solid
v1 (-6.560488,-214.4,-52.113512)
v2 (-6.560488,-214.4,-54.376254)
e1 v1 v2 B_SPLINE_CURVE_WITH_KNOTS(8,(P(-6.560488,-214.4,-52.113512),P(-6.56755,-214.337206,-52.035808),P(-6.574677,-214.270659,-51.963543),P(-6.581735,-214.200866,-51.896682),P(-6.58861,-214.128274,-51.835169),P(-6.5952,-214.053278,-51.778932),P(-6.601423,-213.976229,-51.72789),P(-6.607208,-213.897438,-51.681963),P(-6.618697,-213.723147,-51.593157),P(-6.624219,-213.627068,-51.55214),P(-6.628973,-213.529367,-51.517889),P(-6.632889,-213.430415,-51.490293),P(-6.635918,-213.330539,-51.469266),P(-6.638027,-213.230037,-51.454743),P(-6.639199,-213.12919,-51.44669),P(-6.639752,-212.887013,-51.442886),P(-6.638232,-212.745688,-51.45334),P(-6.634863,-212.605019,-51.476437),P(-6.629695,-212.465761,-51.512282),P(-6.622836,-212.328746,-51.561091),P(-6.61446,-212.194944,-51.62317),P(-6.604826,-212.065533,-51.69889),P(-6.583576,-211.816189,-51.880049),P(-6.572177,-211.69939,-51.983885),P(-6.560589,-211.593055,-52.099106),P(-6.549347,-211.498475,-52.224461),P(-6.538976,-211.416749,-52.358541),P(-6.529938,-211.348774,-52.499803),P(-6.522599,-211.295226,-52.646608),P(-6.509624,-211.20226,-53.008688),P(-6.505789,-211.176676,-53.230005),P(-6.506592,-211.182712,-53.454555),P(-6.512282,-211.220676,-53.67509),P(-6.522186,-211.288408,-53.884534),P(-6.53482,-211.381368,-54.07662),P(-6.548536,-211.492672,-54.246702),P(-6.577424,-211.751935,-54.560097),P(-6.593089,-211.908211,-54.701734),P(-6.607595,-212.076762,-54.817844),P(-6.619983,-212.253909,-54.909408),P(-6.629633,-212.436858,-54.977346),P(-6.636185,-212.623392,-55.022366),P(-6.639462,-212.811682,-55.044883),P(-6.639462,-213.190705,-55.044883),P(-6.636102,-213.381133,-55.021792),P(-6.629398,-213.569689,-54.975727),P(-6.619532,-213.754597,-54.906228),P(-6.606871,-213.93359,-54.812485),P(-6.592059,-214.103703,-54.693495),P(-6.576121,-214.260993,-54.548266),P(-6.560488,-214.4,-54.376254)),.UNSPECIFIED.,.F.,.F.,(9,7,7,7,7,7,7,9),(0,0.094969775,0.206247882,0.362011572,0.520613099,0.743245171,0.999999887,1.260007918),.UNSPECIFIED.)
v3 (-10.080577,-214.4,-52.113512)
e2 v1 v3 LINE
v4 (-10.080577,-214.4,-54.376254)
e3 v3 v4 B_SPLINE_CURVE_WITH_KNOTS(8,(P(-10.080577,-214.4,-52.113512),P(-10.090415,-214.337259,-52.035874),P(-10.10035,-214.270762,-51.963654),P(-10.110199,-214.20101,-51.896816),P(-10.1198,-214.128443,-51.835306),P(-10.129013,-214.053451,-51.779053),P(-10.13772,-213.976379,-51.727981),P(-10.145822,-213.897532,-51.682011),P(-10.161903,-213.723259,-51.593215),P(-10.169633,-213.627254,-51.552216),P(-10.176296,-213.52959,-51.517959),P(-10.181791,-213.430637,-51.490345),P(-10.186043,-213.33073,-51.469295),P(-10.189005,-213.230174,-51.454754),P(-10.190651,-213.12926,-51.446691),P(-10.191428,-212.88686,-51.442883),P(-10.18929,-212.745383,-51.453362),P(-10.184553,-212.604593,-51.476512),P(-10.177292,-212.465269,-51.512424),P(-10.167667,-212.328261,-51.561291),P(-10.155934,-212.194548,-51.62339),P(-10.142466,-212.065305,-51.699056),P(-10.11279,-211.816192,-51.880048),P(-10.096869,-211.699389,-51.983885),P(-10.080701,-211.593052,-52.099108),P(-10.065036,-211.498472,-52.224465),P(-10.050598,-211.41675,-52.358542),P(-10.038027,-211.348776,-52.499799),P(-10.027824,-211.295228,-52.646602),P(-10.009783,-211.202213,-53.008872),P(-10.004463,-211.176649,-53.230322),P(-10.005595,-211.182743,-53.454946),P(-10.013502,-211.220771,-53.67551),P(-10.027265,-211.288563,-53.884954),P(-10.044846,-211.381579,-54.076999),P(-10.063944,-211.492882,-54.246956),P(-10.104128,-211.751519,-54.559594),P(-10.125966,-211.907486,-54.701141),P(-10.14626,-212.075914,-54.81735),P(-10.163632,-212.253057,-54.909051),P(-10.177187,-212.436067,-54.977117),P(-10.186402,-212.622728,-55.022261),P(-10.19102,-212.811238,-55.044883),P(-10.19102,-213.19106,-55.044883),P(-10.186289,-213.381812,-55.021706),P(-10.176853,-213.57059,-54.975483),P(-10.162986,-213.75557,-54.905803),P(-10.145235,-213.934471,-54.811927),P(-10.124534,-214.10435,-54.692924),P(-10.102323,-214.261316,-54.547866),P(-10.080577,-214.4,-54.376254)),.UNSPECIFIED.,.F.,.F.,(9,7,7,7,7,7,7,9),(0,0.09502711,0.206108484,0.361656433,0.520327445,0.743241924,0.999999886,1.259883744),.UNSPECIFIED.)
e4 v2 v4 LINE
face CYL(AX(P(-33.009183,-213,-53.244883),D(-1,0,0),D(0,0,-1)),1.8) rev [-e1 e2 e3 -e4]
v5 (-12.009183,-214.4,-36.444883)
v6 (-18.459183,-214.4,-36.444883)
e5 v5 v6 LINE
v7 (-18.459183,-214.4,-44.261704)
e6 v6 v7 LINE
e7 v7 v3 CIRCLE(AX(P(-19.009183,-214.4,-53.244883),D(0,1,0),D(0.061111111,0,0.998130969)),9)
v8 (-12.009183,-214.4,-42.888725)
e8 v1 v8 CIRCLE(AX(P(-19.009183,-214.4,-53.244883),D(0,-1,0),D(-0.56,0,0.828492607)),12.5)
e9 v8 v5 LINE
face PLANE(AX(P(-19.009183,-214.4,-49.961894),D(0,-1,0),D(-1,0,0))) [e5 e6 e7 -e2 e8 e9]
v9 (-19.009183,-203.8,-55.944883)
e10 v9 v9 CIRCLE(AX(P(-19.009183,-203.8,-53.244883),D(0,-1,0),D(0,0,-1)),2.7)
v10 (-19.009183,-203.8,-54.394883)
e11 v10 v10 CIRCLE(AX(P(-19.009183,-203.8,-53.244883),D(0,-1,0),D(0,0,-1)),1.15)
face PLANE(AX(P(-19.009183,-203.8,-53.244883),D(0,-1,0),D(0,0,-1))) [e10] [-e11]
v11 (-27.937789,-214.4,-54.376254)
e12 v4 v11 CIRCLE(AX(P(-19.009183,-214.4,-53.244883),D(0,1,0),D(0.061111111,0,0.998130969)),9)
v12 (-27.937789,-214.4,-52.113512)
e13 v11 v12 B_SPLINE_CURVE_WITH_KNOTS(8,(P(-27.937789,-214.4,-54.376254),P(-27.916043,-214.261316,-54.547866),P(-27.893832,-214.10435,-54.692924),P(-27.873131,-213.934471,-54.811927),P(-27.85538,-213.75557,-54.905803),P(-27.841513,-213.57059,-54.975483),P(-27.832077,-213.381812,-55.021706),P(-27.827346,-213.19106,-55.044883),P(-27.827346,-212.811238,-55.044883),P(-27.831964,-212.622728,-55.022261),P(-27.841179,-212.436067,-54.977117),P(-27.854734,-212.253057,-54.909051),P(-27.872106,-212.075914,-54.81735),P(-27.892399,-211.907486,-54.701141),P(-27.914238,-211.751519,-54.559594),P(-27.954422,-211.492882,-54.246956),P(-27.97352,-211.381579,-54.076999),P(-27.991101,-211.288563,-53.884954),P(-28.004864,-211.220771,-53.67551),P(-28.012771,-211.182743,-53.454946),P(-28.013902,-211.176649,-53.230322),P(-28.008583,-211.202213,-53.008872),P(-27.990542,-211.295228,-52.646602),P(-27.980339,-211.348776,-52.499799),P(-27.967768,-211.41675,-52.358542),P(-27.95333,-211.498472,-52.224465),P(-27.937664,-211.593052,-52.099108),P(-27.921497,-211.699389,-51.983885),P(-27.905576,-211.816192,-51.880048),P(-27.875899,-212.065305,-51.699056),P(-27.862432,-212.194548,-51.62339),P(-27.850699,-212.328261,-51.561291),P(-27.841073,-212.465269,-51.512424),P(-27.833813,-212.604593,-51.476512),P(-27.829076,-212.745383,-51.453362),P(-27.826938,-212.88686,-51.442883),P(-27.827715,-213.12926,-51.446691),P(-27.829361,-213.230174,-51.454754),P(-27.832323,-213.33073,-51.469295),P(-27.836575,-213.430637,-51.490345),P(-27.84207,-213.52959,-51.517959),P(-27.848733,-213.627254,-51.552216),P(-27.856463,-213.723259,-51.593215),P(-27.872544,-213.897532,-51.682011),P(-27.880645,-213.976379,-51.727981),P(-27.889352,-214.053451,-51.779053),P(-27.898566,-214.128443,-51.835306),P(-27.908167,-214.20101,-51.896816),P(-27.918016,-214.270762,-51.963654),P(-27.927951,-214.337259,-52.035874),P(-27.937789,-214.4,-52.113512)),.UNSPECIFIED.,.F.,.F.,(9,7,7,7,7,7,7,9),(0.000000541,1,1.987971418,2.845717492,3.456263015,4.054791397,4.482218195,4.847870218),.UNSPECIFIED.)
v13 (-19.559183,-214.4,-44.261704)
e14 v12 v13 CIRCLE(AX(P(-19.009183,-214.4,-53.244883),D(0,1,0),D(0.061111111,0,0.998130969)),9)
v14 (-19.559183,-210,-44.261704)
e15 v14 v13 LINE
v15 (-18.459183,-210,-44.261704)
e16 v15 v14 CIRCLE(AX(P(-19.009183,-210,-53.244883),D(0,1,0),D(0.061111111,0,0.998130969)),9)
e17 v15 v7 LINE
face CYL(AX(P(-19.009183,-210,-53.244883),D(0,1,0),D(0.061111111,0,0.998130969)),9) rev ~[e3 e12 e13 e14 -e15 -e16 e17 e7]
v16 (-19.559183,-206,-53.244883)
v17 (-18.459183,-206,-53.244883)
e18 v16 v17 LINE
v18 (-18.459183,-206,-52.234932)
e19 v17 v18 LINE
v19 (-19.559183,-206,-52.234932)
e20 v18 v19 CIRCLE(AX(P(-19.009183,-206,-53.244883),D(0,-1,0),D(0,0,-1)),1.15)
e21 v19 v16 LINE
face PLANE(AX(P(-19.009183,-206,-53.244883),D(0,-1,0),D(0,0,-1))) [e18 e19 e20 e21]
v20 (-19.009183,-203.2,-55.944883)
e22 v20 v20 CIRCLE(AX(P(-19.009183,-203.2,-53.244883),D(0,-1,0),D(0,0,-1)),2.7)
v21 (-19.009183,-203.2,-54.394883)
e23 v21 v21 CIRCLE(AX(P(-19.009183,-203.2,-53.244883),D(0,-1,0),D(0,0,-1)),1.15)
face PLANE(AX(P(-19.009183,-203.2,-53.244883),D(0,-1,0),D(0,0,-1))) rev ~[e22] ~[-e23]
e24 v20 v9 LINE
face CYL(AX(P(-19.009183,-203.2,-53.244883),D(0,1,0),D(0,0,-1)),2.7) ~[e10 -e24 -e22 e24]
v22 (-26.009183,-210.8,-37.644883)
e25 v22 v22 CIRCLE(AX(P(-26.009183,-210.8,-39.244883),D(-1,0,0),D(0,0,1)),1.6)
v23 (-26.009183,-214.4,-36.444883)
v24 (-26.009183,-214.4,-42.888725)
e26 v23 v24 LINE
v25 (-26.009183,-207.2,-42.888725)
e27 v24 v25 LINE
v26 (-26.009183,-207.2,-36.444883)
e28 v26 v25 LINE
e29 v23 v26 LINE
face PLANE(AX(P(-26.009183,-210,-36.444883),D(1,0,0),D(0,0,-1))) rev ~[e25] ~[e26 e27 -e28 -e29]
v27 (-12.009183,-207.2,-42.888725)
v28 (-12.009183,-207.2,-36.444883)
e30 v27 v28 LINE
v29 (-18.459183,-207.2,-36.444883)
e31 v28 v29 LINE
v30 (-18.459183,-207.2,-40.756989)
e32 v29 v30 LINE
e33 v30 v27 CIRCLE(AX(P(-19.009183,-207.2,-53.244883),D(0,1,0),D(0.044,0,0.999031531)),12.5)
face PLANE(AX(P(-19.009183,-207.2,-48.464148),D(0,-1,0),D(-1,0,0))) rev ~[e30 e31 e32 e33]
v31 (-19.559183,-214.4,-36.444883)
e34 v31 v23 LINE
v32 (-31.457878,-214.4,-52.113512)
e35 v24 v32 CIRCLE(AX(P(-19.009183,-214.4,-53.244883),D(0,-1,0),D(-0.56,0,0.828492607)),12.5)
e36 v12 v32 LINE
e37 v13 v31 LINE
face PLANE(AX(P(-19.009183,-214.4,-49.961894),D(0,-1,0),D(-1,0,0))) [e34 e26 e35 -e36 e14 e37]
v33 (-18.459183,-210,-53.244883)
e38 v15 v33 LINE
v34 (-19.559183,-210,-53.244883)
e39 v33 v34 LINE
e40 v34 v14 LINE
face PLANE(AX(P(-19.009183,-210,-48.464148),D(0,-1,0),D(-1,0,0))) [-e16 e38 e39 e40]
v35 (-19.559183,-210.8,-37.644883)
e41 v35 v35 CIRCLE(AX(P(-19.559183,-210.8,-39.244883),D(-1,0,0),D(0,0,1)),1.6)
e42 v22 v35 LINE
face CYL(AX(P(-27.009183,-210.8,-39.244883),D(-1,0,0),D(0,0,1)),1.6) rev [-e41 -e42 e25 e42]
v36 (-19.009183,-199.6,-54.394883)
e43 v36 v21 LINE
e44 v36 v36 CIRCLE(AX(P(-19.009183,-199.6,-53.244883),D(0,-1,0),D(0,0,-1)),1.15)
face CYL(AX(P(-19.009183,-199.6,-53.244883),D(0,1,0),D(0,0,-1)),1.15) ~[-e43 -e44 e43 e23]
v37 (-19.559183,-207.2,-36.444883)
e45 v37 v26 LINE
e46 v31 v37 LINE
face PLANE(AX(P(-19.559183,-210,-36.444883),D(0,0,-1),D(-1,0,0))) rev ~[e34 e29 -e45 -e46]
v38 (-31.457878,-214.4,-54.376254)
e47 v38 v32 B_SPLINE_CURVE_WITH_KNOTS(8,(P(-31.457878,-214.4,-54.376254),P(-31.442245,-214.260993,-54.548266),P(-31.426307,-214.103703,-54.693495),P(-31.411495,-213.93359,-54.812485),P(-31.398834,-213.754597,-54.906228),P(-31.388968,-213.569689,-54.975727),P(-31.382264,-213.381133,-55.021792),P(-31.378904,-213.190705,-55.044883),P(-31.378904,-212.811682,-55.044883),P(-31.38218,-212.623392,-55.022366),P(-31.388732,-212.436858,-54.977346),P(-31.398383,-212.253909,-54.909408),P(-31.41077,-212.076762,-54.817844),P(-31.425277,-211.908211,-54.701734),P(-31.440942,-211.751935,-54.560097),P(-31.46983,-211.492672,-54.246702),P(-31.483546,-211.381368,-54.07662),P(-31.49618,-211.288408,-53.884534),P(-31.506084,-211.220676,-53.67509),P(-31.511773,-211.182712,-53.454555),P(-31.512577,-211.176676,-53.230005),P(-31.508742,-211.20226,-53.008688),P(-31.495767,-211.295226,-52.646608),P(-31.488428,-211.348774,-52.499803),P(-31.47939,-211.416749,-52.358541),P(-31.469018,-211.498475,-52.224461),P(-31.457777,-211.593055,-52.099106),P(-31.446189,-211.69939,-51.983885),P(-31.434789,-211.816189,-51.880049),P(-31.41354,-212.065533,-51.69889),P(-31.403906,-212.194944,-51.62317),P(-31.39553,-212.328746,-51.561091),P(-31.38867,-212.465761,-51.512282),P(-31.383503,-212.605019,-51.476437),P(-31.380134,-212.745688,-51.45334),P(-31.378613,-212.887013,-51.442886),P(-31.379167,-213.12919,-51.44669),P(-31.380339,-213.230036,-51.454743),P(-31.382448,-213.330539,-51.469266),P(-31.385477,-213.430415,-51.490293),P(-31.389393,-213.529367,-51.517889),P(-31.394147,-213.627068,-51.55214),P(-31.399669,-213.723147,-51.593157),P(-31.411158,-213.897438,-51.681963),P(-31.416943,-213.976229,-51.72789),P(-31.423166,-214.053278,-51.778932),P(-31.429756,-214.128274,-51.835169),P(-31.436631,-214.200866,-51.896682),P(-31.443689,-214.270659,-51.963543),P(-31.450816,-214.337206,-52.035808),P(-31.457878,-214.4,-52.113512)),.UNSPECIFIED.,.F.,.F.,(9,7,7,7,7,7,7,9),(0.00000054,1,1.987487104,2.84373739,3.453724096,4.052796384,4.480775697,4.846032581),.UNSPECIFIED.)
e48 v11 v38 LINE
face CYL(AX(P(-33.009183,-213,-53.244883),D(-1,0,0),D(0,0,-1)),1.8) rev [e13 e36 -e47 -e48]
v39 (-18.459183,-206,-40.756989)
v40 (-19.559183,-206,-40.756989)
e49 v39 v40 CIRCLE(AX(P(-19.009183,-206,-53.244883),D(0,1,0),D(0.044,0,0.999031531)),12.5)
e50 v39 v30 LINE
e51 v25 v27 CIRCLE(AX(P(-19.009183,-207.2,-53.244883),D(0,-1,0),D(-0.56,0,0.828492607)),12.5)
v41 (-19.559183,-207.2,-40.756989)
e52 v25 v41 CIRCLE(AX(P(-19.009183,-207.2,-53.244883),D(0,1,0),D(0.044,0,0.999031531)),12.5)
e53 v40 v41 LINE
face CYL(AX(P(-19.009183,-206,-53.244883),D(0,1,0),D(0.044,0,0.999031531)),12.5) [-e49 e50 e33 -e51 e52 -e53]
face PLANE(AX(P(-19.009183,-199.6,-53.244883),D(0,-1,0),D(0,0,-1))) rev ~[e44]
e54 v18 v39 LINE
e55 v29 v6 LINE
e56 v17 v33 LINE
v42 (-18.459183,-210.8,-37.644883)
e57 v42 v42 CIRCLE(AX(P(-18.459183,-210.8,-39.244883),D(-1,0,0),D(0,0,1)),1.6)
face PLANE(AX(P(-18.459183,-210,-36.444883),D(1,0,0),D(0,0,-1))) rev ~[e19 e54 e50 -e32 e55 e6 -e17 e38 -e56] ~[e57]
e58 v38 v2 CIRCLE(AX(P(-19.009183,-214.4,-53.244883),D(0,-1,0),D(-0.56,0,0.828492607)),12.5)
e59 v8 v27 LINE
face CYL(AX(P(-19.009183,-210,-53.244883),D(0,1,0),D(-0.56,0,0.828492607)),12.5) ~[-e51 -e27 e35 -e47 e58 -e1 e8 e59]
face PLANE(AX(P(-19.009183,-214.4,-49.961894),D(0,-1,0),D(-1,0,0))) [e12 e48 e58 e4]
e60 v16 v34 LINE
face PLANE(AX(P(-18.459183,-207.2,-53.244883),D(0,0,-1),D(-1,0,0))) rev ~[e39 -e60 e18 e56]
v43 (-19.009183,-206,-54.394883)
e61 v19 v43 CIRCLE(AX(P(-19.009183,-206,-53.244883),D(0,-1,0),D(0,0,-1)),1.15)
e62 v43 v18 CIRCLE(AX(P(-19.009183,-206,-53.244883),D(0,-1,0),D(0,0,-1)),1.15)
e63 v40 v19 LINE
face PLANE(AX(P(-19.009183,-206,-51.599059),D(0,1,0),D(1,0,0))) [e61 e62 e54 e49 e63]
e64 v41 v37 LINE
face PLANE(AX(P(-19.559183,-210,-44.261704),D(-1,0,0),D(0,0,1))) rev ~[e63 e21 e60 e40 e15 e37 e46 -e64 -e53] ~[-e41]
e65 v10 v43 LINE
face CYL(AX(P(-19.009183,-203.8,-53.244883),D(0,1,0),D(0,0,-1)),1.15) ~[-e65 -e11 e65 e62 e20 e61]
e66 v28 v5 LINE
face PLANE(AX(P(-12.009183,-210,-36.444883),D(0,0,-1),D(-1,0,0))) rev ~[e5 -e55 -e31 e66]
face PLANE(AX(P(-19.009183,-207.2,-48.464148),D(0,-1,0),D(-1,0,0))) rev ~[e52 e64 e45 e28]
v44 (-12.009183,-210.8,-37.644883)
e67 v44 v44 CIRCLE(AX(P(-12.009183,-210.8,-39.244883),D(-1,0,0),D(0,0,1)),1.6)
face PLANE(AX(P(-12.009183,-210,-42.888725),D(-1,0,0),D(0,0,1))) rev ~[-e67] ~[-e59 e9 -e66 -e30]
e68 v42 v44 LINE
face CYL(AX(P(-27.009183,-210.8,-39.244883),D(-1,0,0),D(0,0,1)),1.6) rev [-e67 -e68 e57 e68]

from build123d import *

# Parameters (mm, degrees)
MAIN_PROFILE_SKETCH_R          = 1.15
MAIN_EXTRUSION_DEPTH           = 3.6
DETAIL_PROFILE_2_SKETCH_R      = 2.7
DETAIL_EXTRUSION_2_DEPTH       = 0.6
DETAIL_PROFILE_3_SKETCH_R      = 1.15
DETAIL_EXTRUSION_3_DEPTH       = 2.2
DETAIL_EXTRUSION_4_DEPTH       = 1.2
DETAIL_EXTRUSION_5_DEPTH       = 2.8
DETAIL_EXTRUSION_6_DEPTH       = 4.4
ADAPTER_CROSS_BORE_1_PROFILE_R = 1.8
ADAPTER_CROSS_BORE_1_DEPTH     = 28
ADAPTER_CROSS_BORE_2_PROFILE_R = 1.6
ADAPTER_CROSS_BORE_2_DEPTH     = 16


with BuildPart() as part:
    # Main Profile Sketch → Main Extrusion (new body)
    with BuildSketch(Plane(origin=(0, -199.6, 0), x_dir=(-1, 0, 0), z_dir=(0, -1, 0))):
        with Locations(Location((19.009182883, 53.244882879, 0), (0, 0, 90))):
            Circle(MAIN_PROFILE_SKETCH_R)
    extrude(amount=MAIN_EXTRUSION_DEPTH)

    # Detail Profile 2 Sketch → Detail Extrusion 2 (add)
    with BuildSketch(Plane(origin=(0, -203.2, 0), x_dir=(-1, 0, 0), z_dir=(0, -1, 0))):
        with Locations(Location((19.009182883, 53.244882879, 0), (0, 0, 90))):
            Circle(DETAIL_PROFILE_2_SKETCH_R)
    extrude(amount=DETAIL_EXTRUSION_2_DEPTH)

    # Detail Profile 3 Sketch → Detail Extrusion 3 (add)
    with BuildSketch(Plane(origin=(0, -203.8, 0), x_dir=(-1, 0, 0), z_dir=(0, -1, 0))):
        with Locations(Location((19.009182883, 53.244882879, 0), (0, 0, 90))):
            Circle(DETAIL_PROFILE_3_SKETCH_R)
    extrude(amount=DETAIL_EXTRUSION_3_DEPTH)

    # Detail Profile 4 Sketch → Detail Extrusion 4 (add)
    with BuildSketch(Plane(origin=(0, -206, 0), x_dir=(-1, 0, 0), z_dir=(0, -1, 0))):
        with BuildLine():
            Line((18.459182883, 53.244882879), (18.459182883, 40.756988741))
            ThreePointArc((18.459182883, 40.756988741), (19.009182883, 65.744882879), (19.559182883, 40.756988741))
            Line((19.559182883, 40.756988741), (19.559182883, 53.244882879))
            Line((19.559182883, 53.244882879), (18.459182883, 53.244882879))
        make_face()
    extrude(amount=DETAIL_EXTRUSION_4_DEPTH)

    # Detail Profile 5 Sketch → Detail Extrusion 5 (add)
    with BuildSketch(Plane(origin=(0, -207.2, 0), x_dir=(-1, 0, 0), z_dir=(0, -1, 0))):
        with BuildLine():
            Line((12.009182883, 42.88872529), (12.009182883, 36.444882879))
            Line((12.009182883, 36.444882879), (18.459182883, 36.444882879))
            Line((18.459182883, 36.444882879), (18.459182883, 53.244882879))
            Line((18.459182883, 53.244882879), (19.559182883, 53.244882879))
            Line((19.559182883, 53.244882879), (19.559182883, 36.444882879))
            Line((19.559182883, 36.444882879), (26.009182883, 36.444882879))
            Line((26.009182883, 36.444882879), (26.009182883, 42.88872529))
            ThreePointArc((26.009182883, 42.88872529), (19.009182883, 65.744882879), (12.009182883, 42.88872529))
        make_face()
    extrude(amount=DETAIL_EXTRUSION_5_DEPTH)

    # Detail Profile 6 Sketch → Detail Extrusion 6 (add)
    with BuildSketch(Plane(origin=(0, -210, 0), x_dir=(-1, 0, 0), z_dir=(0, -1, 0))):
        with BuildLine():
            Line((12.009182883, 42.88872529), (12.009182883, 36.444882879))
            Line((12.009182883, 36.444882879), (18.459182883, 36.444882879))
            Line((18.459182883, 36.444882879), (18.459182883, 44.261704154))
            ThreePointArc((18.459182883, 44.261704154), (19.009182883, 62.244882879), (19.559182883, 44.261704154))
            Line((19.559182883, 44.261704154), (19.559182883, 36.444882879))
            Line((19.559182883, 36.444882879), (26.009182883, 36.444882879))
            Line((26.009182883, 36.444882879), (26.009182883, 42.88872529))
            ThreePointArc((26.009182883, 42.88872529), (19.009182883, 65.744882879), (12.009182883, 42.88872529))
        make_face()
    extrude(amount=DETAIL_EXTRUSION_6_DEPTH)

    # Adapter Cross Bore 1 profile → Adapter Cross Bore 1 (cut)
    with BuildSketch(Plane(origin=(-33.009182883, 0, 0), x_dir=(0, 0, -1), z_dir=(1, 0, 0))):
        with Locations((53.244882879, -213)):
            Circle(ADAPTER_CROSS_BORE_1_PROFILE_R)
    extrude(amount=ADAPTER_CROSS_BORE_1_DEPTH, mode=Mode.SUBTRACT)

    # Adapter Cross Bore 2 profile → Adapter Cross Bore 2 (cut)
    with BuildSketch(Plane(origin=(-27.009182883, 0, 0), x_dir=(0, 0, -1), z_dir=(1, 0, 0))):
        with Locations(Location((39.244882879, -210.8, 0), (0, 0, 180))):
            Circle(ADAPTER_CROSS_BORE_2_PROFILE_R)
    extrude(amount=ADAPTER_CROSS_BORE_2_DEPTH, mode=Mode.SUBTRACT)


solid = part.part
